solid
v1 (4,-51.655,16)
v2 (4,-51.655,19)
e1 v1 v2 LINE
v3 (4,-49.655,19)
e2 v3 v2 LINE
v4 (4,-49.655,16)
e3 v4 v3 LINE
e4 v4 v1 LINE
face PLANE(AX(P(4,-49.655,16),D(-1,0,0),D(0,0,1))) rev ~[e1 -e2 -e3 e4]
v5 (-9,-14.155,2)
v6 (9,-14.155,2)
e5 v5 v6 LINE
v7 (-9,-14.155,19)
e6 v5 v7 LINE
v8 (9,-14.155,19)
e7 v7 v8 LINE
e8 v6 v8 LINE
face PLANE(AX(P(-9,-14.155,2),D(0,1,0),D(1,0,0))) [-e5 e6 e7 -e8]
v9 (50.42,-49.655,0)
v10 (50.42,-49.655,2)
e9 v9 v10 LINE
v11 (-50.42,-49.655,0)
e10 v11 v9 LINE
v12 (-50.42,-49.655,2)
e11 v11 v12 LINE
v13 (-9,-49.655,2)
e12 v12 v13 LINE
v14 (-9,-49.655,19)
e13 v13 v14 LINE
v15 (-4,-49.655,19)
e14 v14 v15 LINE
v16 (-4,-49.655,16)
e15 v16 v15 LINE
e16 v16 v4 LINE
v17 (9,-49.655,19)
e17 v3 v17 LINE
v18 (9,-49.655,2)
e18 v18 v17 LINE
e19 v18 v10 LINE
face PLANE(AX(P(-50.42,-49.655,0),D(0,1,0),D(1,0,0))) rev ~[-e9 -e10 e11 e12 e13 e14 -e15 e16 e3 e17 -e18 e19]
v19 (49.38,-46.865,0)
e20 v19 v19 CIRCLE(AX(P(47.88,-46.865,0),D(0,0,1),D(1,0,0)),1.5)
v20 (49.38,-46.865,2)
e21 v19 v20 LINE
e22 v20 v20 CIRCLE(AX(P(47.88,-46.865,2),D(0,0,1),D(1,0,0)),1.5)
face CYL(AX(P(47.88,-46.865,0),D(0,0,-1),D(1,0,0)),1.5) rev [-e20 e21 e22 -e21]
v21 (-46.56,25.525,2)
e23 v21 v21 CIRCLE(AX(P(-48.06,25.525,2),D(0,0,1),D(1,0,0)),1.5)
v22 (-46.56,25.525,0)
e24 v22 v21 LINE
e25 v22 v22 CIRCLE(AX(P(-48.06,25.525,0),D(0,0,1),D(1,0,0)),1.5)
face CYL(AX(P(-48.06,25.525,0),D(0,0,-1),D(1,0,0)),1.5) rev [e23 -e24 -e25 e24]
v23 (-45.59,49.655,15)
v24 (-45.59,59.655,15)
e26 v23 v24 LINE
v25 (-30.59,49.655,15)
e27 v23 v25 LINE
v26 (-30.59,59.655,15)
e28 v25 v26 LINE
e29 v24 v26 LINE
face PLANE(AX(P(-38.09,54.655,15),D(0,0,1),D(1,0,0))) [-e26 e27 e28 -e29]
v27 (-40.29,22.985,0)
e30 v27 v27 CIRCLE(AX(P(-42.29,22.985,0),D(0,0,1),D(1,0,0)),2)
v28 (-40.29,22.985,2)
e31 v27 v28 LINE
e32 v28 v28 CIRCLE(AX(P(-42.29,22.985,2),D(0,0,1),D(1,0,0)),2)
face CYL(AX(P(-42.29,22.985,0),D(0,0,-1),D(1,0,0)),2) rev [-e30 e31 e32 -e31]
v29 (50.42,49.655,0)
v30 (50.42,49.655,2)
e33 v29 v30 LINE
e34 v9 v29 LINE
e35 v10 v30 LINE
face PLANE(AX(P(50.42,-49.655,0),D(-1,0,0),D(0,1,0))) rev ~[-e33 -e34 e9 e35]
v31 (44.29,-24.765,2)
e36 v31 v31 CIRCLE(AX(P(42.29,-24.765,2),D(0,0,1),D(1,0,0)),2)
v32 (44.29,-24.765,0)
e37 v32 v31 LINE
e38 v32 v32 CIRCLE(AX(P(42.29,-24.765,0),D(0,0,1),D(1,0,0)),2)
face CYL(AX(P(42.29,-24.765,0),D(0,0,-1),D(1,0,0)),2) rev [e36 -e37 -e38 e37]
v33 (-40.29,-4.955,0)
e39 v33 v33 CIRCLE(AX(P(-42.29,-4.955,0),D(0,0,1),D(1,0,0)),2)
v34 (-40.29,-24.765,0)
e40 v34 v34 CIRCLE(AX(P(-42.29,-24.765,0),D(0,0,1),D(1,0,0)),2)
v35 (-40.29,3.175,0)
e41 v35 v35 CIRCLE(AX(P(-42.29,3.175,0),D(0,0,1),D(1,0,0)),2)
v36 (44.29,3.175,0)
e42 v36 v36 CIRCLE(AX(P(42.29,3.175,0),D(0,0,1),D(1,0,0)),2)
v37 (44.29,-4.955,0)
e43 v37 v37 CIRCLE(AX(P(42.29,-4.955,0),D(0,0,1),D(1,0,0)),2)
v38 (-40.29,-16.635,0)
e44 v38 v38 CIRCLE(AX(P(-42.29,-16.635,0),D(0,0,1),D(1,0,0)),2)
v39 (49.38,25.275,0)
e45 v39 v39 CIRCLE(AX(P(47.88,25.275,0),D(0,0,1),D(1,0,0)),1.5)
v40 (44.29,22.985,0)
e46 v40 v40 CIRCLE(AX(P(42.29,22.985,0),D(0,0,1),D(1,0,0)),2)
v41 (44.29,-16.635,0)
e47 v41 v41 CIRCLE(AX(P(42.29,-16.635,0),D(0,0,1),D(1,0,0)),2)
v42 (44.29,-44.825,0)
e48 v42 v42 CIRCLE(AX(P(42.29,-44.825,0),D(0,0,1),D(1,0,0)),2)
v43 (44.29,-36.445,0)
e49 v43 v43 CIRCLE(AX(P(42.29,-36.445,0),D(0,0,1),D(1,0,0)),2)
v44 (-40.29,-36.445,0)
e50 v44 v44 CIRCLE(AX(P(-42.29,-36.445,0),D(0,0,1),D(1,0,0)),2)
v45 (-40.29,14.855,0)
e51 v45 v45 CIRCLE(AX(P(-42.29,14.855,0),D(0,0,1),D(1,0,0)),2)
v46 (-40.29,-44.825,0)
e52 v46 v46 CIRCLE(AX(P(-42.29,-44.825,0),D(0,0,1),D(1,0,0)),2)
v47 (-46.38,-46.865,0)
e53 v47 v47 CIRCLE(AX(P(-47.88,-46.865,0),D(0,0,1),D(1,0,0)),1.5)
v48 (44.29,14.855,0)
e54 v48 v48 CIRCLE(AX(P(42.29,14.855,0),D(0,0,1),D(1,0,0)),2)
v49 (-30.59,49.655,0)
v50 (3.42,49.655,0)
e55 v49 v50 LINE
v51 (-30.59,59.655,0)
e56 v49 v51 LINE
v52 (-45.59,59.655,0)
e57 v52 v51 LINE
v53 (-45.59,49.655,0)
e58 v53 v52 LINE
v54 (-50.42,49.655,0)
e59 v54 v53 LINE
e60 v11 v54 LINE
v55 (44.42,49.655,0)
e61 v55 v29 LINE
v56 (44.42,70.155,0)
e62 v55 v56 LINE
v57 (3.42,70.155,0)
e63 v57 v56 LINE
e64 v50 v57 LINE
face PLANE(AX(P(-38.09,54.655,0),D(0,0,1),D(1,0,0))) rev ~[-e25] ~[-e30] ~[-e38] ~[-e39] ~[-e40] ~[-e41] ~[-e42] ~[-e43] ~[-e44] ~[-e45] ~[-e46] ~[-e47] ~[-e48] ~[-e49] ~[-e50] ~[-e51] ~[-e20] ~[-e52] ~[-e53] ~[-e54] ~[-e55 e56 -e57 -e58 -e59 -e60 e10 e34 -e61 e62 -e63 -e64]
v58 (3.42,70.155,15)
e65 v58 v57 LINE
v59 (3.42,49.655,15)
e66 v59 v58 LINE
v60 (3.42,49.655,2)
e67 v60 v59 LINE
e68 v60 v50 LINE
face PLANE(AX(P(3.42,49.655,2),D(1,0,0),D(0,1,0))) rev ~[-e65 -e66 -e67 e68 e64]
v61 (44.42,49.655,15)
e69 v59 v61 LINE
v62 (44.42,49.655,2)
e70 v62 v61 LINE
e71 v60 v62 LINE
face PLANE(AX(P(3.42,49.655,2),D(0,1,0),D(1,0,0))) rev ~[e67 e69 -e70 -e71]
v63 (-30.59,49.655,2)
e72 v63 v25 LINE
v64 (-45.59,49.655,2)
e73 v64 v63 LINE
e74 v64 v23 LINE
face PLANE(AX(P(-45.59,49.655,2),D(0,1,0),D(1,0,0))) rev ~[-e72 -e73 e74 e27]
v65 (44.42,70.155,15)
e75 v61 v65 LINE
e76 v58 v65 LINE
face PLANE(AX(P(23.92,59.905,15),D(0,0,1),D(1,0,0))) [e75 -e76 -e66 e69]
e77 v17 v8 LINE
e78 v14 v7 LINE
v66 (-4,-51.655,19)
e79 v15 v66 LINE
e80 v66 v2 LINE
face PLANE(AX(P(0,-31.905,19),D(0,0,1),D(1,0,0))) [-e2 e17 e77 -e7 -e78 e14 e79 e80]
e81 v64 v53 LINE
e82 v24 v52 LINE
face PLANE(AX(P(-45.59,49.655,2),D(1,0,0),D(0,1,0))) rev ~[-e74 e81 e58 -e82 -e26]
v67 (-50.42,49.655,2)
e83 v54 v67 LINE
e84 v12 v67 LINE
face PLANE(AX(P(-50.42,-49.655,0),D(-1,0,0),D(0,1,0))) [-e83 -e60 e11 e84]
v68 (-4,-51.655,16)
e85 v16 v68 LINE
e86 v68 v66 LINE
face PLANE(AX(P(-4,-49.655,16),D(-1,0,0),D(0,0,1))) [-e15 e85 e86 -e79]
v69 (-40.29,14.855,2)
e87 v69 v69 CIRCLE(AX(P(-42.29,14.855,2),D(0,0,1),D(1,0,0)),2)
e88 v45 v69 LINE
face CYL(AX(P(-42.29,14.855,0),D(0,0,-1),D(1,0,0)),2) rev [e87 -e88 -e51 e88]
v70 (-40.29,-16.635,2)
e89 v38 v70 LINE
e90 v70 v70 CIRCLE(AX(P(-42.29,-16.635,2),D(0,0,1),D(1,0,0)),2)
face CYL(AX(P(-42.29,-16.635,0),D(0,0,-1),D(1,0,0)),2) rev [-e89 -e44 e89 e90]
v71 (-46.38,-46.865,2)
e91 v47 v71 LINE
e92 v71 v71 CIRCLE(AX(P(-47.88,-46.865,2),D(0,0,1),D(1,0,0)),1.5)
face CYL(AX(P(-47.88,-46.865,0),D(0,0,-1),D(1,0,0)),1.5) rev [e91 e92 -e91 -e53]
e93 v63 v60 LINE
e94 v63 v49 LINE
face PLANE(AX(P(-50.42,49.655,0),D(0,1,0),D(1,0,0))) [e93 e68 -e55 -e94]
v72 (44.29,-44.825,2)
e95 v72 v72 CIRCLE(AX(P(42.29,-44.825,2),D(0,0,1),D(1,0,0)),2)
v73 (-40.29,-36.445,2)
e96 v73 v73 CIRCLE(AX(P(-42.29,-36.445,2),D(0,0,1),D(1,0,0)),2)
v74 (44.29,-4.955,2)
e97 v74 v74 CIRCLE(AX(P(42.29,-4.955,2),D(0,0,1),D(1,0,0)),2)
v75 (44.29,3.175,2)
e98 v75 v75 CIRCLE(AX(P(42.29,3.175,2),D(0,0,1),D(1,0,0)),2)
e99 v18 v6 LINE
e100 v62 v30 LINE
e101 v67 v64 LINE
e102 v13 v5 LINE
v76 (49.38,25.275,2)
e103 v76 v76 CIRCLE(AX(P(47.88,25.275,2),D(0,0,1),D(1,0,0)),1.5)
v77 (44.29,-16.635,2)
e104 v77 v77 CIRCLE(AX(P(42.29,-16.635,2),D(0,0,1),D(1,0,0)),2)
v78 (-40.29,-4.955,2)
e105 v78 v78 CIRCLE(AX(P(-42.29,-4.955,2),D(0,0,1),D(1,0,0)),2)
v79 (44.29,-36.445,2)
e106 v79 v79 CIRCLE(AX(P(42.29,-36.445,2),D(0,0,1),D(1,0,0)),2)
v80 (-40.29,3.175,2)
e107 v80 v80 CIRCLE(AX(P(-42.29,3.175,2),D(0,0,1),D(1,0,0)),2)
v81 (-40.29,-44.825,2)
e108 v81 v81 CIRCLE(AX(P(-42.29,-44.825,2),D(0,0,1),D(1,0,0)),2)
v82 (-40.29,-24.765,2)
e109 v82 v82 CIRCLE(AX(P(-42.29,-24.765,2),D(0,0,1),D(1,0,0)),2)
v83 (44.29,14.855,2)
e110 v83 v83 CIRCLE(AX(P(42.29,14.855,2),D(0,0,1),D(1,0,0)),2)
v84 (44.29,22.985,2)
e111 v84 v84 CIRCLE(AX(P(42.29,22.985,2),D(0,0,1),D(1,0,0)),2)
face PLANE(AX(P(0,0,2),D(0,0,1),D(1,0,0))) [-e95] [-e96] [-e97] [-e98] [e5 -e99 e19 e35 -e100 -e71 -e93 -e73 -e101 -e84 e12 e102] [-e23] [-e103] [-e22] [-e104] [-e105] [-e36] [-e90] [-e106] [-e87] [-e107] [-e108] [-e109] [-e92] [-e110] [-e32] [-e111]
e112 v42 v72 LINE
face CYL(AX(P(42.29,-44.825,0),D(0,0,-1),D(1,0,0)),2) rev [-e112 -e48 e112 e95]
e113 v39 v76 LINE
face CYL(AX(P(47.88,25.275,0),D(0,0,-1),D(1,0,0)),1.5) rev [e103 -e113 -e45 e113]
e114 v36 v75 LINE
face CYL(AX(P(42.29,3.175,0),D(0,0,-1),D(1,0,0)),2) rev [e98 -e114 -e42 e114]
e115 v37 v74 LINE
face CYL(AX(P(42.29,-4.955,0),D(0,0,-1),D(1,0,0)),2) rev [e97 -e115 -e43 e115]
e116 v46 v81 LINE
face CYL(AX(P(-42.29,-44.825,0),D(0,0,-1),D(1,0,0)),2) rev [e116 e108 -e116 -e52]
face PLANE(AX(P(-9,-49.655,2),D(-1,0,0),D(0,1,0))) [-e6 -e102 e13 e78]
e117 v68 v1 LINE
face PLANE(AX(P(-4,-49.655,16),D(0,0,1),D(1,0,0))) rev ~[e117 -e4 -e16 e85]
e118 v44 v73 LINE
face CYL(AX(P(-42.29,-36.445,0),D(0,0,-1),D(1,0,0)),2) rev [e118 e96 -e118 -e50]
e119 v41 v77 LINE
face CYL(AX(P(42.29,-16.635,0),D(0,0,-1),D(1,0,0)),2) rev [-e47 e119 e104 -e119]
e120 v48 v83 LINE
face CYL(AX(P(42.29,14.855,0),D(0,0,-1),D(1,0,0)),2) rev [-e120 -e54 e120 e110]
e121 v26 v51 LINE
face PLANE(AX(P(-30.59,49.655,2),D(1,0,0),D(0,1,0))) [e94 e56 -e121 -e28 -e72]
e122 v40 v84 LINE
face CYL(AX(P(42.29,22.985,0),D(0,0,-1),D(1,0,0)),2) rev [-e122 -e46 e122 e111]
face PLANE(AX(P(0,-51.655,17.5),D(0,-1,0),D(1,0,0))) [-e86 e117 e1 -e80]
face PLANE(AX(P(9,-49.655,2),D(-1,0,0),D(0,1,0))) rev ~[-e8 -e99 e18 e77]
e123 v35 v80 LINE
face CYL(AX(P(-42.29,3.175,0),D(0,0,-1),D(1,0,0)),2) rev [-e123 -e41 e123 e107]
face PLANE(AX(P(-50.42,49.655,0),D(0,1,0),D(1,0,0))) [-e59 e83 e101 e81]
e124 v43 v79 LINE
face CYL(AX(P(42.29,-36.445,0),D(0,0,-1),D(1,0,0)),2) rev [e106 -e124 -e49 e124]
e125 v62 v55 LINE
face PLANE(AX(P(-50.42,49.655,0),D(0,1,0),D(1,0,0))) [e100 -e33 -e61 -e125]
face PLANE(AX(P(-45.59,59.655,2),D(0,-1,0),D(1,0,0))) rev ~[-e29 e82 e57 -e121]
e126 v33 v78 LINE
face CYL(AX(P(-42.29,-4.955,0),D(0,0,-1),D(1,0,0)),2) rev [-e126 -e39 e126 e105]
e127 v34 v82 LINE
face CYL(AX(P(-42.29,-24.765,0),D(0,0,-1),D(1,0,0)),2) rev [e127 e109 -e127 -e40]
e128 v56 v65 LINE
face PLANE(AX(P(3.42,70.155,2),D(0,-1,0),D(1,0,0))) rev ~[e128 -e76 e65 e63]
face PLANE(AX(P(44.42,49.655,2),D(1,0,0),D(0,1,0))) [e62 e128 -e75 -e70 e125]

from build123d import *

# Parameters (mm, degrees)
F0_W          = 100.84
F0_H          = 99.31
F0_R          = 1.5
F0_R_2        = 2
F1_DEPTH      = 2
F3_W          = 15
F3_H          = 10
F3_W_2        = 41
F3_H_2        = 20.5
F4_DEPTH      = 13
F4_DEPTH_BACK = 2
F5_W          = 18
F5_H          = 35.5
F6_DEPTH      = 17
F8_W          = 8
F8_H          = 3
F9_DEPTH      = 2


with BuildPart() as f1:
    # F0 (on Top) → F1 (new body)
    with BuildSketch(Plane.XY):
        Rectangle(F0_W, F0_H)
        with Locations((-47.88, -46.865)):
            Circle(F0_R, mode=Mode.SUBTRACT)
        with Locations((-42.29, -44.825)):
            Circle(F0_R_2, mode=Mode.SUBTRACT)
        with Locations((-42.29, -36.445)):
            Circle(F0_R_2, mode=Mode.SUBTRACT)
        with Locations((-42.29, -24.765)):
            Circle(F0_R_2, mode=Mode.SUBTRACT)
        with Locations((-42.29, -16.635)):
            Circle(F0_R_2, mode=Mode.SUBTRACT)
        with Locations((-42.29, -4.955)):
            Circle(F0_R_2, mode=Mode.SUBTRACT)
        with Locations((42.29, -44.825)):
            Circle(F0_R_2, mode=Mode.SUBTRACT)
        with Locations((47.88, -46.865)):
            Circle(F0_R, mode=Mode.SUBTRACT)
        with Locations((42.29, -36.445)):
            Circle(F0_R_2, mode=Mode.SUBTRACT)
        with Locations((42.29, -24.765)):
            Circle(F0_R_2, mode=Mode.SUBTRACT)
        with Locations((42.29, -16.635)):
            Circle(F0_R_2, mode=Mode.SUBTRACT)
        with Locations((42.29, -4.955)):
            Circle(F0_R_2, mode=Mode.SUBTRACT)
        with Locations((-42.29, 3.175)):
            Circle(F0_R_2, mode=Mode.SUBTRACT)
        with Locations((-42.29, 14.855)):
            Circle(F0_R_2, mode=Mode.SUBTRACT)
        with Locations((-42.29, 22.985)):
            Circle(F0_R_2, mode=Mode.SUBTRACT)
        with Locations((-48.06, 25.525)):
            Circle(F0_R, mode=Mode.SUBTRACT)
        with Locations((42.29, 3.175)):
            Circle(F0_R_2, mode=Mode.SUBTRACT)
        with Locations((42.29, 14.855)):
            Circle(F0_R_2, mode=Mode.SUBTRACT)
        with Locations((42.29, 22.985)):
            Circle(F0_R_2, mode=Mode.SUBTRACT)
        with Locations((47.88, 25.275)):
            Circle(F0_R, mode=Mode.SUBTRACT)
    extrude(amount=F1_DEPTH)

    # F3 (on offset) → F4 (join, two sides)
    with BuildSketch(Plane.XY.offset(2)) as f4_sk:
        with Locations((-38.09, 54.655)):
            Rectangle(F3_W, F3_H)
        with Locations((23.92, 59.905)):
            Rectangle(F3_W_2, F3_H_2)
    extrude(amount=F4_DEPTH)
    extrude(f4_sk.sketch, amount=-F4_DEPTH_BACK)

    # F5 (on offset) → F6 (join)
    with BuildSketch(Plane.XY.offset(2)):
        with Locations((0, -31.905)):
            Rectangle(F5_W, F5_H)
    extrude(amount=F6_DEPTH)

    # F8 (on offset) → F9 (join)
    with BuildSketch(Plane.XZ.offset(49.655)):
        with Locations((0, 17.5)):
            Rectangle(F8_W, F8_H)
    extrude(amount=F9_DEPTH)


solid = f1.part
